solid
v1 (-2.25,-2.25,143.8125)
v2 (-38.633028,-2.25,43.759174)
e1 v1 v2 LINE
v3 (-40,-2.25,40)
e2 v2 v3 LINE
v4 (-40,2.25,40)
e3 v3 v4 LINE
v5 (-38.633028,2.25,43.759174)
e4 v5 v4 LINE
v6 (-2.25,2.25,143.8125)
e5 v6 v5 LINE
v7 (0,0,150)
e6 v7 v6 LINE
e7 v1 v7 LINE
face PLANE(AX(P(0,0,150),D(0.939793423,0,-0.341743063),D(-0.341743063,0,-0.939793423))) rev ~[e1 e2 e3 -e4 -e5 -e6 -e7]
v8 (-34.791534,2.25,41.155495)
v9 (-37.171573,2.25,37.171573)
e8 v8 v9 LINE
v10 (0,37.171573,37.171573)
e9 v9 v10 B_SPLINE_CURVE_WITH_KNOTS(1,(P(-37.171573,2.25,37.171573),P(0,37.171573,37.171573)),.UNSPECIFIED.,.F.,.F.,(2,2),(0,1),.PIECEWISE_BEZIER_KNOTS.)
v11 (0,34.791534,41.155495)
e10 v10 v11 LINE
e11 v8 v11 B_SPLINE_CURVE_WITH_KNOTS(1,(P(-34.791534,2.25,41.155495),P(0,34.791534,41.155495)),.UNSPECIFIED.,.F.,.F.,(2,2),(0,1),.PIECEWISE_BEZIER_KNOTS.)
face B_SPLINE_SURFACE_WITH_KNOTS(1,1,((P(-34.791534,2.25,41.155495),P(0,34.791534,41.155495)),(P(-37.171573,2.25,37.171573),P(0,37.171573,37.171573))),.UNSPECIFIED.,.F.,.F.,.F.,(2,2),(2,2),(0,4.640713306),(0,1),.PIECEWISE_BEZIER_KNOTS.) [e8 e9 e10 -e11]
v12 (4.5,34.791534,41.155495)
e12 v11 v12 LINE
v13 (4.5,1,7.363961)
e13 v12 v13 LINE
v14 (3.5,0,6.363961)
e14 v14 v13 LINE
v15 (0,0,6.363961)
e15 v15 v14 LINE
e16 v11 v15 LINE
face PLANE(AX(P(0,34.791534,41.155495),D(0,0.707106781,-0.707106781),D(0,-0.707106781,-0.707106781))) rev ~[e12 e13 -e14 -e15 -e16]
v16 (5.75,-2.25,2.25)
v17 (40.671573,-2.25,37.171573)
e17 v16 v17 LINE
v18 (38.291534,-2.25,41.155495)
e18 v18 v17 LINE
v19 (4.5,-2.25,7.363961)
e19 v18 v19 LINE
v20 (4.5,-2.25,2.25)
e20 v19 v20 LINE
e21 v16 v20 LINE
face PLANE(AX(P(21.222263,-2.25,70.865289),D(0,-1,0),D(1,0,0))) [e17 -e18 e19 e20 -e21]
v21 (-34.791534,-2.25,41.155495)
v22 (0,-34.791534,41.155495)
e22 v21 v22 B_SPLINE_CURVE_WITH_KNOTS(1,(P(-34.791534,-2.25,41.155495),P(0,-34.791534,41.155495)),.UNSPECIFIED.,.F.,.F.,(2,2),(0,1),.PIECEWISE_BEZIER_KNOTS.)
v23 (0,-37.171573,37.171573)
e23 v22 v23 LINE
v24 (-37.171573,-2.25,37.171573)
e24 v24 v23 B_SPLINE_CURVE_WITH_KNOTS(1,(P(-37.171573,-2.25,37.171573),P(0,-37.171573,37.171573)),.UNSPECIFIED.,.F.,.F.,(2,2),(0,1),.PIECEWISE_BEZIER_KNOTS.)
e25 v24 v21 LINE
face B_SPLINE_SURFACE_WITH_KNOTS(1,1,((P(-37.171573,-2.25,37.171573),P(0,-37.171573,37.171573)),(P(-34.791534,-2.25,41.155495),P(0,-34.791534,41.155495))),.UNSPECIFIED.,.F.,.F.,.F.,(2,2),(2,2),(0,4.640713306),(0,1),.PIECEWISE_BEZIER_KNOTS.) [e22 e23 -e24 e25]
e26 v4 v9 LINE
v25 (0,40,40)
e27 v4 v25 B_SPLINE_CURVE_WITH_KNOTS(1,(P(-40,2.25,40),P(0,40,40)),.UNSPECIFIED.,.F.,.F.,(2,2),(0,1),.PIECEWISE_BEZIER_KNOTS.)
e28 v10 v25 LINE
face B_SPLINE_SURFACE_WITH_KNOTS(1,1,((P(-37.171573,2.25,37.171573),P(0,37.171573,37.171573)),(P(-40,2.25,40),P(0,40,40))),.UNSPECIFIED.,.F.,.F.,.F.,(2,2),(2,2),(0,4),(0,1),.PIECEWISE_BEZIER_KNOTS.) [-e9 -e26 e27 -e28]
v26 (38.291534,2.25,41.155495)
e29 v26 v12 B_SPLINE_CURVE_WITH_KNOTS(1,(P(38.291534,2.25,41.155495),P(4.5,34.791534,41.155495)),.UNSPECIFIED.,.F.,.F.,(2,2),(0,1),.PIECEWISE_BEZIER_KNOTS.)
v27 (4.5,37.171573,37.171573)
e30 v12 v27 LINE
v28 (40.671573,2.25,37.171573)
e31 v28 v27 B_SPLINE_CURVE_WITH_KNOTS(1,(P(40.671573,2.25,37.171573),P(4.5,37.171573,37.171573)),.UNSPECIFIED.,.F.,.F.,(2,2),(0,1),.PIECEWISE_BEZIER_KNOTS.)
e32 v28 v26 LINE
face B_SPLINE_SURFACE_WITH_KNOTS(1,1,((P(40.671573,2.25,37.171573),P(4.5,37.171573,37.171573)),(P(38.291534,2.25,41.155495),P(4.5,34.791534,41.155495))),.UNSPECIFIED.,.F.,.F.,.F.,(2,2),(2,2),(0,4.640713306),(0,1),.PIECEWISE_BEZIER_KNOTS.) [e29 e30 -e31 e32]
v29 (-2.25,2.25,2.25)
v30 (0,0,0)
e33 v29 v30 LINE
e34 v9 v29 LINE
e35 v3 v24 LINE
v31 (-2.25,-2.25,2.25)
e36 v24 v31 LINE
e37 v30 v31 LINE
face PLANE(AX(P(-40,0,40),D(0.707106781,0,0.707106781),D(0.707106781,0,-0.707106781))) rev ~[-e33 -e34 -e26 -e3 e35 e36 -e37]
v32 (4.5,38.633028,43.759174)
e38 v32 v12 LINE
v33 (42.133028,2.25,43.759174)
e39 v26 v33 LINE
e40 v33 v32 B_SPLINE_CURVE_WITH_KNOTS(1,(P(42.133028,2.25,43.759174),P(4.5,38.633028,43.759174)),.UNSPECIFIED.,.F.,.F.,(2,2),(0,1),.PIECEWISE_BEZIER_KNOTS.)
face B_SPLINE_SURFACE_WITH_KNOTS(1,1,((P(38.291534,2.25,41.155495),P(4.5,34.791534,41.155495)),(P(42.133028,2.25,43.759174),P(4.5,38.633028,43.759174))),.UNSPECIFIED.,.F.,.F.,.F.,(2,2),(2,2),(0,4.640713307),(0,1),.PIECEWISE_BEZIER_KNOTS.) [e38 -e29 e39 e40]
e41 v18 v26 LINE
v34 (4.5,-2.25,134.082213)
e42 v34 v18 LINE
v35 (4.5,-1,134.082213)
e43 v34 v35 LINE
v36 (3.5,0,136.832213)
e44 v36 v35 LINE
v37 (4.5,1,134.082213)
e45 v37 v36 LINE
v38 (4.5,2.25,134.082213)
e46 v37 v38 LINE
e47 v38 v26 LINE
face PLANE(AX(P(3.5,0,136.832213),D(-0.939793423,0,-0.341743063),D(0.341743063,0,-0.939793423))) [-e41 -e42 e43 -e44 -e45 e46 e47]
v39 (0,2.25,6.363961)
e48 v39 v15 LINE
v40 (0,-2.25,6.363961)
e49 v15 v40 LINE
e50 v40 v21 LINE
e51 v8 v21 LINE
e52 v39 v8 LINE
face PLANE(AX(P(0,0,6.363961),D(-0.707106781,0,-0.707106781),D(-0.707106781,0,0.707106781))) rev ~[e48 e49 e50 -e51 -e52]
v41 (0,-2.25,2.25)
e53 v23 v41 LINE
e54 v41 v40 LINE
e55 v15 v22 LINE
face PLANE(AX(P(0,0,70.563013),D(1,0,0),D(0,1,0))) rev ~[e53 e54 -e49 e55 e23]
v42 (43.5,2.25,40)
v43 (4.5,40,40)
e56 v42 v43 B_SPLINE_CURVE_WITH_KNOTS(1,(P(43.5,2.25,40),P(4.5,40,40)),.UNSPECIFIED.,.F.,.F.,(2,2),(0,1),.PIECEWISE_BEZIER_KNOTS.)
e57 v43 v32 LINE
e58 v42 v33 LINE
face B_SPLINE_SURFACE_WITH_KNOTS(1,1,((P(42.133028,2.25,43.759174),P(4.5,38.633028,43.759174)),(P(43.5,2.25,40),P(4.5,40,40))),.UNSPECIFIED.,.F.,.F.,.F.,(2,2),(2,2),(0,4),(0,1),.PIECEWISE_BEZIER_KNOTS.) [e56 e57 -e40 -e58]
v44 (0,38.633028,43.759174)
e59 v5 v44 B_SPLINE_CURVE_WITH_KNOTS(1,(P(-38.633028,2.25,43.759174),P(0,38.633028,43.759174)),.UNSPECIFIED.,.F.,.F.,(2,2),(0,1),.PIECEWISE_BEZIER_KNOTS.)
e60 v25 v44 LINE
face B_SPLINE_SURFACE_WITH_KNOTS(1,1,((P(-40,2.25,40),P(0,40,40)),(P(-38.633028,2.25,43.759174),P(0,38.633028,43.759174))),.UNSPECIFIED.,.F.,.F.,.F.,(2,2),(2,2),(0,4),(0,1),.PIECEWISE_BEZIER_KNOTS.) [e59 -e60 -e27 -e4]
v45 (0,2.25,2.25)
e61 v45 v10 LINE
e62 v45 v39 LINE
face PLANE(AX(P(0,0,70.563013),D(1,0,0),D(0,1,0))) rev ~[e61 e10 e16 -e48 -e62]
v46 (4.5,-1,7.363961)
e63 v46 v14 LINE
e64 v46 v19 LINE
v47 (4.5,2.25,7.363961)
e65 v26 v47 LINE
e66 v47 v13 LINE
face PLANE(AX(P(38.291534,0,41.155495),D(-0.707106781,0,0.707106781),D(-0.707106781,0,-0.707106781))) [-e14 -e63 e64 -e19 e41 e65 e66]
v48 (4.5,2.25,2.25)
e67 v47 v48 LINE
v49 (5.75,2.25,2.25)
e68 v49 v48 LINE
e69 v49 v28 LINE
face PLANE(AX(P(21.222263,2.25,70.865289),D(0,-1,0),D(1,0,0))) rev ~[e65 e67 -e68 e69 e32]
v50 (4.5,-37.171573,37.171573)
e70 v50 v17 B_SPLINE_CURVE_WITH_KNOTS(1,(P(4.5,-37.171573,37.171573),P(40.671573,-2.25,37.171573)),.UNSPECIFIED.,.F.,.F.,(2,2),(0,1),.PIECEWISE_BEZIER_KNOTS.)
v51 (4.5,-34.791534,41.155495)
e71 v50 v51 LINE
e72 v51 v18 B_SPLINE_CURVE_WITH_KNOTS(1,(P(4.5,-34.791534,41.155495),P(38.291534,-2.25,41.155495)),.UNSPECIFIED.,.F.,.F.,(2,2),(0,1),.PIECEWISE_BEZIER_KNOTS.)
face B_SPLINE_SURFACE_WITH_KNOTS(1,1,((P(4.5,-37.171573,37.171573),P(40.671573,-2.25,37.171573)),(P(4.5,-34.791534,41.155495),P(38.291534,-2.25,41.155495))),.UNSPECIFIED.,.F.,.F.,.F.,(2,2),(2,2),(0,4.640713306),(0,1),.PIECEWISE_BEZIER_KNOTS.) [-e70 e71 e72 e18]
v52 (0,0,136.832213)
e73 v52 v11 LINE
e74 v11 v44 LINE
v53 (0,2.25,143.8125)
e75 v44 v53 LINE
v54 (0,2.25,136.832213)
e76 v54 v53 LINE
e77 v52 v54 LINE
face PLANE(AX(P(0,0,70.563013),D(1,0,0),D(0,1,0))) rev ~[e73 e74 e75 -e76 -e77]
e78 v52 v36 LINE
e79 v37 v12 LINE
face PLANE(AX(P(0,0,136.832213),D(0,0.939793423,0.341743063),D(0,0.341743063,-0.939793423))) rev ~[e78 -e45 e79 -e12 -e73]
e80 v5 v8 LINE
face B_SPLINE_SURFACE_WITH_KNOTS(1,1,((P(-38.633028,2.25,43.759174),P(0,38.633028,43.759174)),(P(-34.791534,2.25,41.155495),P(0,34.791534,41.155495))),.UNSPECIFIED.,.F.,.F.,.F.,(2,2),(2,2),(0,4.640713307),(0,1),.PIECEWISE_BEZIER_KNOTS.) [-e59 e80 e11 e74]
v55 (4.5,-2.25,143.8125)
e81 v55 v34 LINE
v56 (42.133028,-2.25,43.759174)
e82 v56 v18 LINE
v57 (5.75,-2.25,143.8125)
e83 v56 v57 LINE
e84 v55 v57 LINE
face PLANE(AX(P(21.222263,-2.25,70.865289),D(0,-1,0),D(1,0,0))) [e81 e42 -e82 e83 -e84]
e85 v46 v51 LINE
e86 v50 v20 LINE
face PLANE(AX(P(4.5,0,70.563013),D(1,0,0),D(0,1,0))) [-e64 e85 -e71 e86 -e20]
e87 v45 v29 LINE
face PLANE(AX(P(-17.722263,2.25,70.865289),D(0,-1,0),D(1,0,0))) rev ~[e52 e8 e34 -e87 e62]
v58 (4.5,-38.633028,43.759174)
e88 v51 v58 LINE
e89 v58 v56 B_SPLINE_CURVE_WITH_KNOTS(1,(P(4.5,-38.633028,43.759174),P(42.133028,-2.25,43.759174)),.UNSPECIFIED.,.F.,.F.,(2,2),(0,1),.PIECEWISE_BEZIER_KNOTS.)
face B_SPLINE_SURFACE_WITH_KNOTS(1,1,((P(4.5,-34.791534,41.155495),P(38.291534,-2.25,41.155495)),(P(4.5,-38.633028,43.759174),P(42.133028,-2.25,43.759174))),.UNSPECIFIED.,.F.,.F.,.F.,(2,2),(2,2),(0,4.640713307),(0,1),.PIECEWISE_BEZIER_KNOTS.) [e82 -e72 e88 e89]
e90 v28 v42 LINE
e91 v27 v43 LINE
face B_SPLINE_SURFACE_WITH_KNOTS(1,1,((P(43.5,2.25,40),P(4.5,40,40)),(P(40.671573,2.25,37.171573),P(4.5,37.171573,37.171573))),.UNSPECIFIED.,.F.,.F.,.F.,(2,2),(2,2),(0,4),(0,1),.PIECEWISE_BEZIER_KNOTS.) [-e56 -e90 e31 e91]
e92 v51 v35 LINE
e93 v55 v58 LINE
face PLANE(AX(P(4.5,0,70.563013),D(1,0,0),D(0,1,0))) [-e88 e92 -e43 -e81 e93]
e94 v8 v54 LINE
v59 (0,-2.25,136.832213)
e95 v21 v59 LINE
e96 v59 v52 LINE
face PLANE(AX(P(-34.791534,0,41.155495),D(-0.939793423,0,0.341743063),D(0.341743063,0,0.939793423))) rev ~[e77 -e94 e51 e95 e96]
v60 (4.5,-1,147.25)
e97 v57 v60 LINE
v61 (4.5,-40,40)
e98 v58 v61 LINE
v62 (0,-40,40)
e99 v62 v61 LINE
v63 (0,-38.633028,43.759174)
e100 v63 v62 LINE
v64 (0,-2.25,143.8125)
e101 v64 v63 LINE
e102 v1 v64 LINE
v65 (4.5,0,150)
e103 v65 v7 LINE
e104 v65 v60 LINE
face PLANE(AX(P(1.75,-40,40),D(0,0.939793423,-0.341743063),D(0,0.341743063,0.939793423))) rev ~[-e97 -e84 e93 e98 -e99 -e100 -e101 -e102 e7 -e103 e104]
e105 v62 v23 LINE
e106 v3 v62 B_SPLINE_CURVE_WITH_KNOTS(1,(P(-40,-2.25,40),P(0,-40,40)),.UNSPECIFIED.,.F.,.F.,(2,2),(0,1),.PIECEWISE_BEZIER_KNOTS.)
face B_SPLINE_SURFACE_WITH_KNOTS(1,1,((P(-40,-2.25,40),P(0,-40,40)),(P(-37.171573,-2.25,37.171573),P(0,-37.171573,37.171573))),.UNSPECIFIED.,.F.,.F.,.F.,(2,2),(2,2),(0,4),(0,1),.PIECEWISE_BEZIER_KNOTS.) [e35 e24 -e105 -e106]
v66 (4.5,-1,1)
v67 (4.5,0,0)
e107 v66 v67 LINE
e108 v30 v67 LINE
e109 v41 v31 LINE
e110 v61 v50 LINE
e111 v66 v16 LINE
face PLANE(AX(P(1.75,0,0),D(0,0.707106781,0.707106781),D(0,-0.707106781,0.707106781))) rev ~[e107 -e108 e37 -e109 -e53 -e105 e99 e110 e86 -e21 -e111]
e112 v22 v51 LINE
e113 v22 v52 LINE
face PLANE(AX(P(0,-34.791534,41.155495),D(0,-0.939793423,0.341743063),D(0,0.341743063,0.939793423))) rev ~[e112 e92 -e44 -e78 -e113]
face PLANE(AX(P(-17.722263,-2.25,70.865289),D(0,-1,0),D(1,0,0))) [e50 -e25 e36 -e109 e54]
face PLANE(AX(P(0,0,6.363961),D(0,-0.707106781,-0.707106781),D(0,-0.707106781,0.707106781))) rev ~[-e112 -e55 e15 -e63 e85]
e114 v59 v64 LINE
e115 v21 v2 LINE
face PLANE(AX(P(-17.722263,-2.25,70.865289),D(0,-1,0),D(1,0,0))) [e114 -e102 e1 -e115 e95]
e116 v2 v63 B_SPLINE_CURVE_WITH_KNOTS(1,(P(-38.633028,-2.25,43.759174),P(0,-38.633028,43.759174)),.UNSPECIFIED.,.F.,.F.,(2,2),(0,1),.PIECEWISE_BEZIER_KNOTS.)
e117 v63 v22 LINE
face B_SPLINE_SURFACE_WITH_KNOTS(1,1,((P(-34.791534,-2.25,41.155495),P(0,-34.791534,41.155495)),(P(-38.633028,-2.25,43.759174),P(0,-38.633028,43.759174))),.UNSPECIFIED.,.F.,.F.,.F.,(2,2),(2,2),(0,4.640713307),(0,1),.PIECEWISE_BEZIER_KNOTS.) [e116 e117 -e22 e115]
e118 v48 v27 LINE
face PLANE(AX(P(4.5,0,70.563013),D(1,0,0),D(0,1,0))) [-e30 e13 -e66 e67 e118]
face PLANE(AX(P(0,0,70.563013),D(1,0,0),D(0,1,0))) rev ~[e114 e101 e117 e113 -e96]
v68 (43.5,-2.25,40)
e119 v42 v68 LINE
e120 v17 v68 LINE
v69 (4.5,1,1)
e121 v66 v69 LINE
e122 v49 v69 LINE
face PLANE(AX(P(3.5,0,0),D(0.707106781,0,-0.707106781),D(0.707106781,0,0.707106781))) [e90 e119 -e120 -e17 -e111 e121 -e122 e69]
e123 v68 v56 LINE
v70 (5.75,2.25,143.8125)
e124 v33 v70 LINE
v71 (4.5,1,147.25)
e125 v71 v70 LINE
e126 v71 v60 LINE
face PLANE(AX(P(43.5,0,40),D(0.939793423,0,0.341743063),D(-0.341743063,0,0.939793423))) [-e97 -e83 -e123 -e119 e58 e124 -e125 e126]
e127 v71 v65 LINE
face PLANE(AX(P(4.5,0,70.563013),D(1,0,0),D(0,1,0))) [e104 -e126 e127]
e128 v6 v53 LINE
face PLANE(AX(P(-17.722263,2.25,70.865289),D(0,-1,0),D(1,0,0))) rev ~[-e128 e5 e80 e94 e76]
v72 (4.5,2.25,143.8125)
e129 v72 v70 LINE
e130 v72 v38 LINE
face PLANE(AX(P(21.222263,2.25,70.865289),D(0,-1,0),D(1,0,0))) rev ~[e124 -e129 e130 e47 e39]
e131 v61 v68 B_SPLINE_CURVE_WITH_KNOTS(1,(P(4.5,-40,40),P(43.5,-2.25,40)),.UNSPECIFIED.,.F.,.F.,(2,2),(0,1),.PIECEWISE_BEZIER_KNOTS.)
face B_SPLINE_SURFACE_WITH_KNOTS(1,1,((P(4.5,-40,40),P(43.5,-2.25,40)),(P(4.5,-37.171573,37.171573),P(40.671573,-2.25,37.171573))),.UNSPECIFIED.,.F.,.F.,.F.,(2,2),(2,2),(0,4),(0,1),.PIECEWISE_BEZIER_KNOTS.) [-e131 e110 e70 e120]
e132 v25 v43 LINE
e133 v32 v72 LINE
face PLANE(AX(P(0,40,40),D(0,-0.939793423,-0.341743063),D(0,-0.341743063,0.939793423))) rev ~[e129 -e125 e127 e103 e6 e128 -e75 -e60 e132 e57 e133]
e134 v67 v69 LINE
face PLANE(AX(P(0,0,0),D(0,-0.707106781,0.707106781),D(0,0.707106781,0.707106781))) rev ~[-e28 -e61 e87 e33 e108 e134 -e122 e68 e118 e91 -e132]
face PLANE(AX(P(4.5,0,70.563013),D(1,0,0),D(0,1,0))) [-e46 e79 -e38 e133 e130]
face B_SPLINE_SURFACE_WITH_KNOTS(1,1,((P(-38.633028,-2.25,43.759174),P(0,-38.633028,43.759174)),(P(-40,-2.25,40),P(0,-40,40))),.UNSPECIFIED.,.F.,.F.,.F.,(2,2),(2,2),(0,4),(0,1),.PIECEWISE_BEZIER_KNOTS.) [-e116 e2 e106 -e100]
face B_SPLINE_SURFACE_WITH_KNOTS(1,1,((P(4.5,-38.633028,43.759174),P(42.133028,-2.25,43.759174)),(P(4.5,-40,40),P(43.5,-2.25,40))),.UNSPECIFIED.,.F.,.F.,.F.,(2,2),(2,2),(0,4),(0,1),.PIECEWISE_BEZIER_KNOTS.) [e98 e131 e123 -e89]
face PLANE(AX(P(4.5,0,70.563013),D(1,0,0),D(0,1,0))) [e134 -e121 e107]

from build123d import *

# Parameters (mm, degrees)
F1_DEPTH = 4.5
F5_DEPTH = 2.25
F7_DEPTH = 12.5


with BuildPart() as f1:
    # F0 (on Right) → F1 (new body)
    with BuildSketch(Plane.YZ):
        Polygon((-40, 40), (0, 0), (40, 40), (0, 150), align=None)
        Polygon((-34.7915337519, 41.1554947826), (0, 136.8322126004), (34.7915337519, 41.1554947826), (0, 6.3639610307), align=None, mode=Mode.SUBTRACT)
    extrude(amount=F1_DEPTH)

    # F4 (on Front) → F5 (join, symmetric)
    with BuildSketch(Plane.XZ):
        Polygon((-40, 40), (0, 0), (0, 6.3639610307), (-34.7915337519, 41.1554947826), (0, 136.8322126004), (0, 150), align=None)
        Polygon((38.2915337519, 41.1554947826), (3.5, 6.3639610307), (3.5, 0), (43.5, 40), (3.5, 150), (3.5, 136.8322126004), align=None)
    extrude(amount=F5_DEPTH, both=True)

    # F6 (on offset) → F7 (cut, symmetric)
    with BuildSketch(Plane.YZ.offset(1.75)):
        Polygon((-46.8705444882, 150), (-40, 40), (0, 150), align=None)
        Polygon((46.8705444882, 150), (0, 150), (40, 40), align=None)
        Polygon((0, 0), (-40, 40), (-40, 0), align=None)
        Polygon((40, 40), (0, 0), (40, 0), align=None)
    extrude(amount=F7_DEPTH, both=True, mode=Mode.SUBTRACT)

    # F8 (on face) → F10 section 0
    with BuildSketch(Plane.YZ.offset(4.5)):
        Polygon((-38.6330277477, 43.759173694), (-40, 40), (-37.1715728753, 37.1715728753), (-34.7915337519, 41.1554947826), align=None)
    # F9 (on face) → F10 section 1
    with BuildSketch(Plane.XZ.offset(2.25)):
        Polygon((40.6715728753, 37.1715728753), (43.5, 40), (42.1330277477, 43.759173694), (38.2915337519, 41.1554947826), align=None)
    loft()

    # F11 (on face) → F13 section 0
    with BuildSketch(Plane(origin=(0, 2.25, 0), x_dir=(-1, 0, 0), z_dir=(0, 1, 0))):
        Polygon((-42.1330277477, 43.759173694), (-43.5, 40), (-40.6715728753, 37.1715728753), (-38.2915337519, 41.1554947826), align=None)
    # F12 (on face) → F13 section 1
    with BuildSketch(Plane.YZ.offset(4.5)):
        Polygon((37.1715728753, 37.1715728753), (40, 40), (38.6330277477, 43.759173694), (34.7915337519, 41.1554947826), align=None)
    loft()

    # F15 (on face) → F16 section 0
    with BuildSketch(Plane(origin=(0, 2.25, 0), x_dir=(-1, 0, 0), z_dir=(0, 1, 0))):
        Polygon((37.1715728753, 37.1715728753), (40, 40), (38.6330277477, 43.759173694), (34.7915337519, 41.1554947826), align=None)
    # F14 (on face) → F16 section 1
    with BuildSketch(Plane(origin=(0, 0, 0), x_dir=(0, -1, 0), z_dir=(-1, 0, 0))):
        Polygon((-38.6330277477, 43.759173694), (-40, 40), (-37.1715728753, 37.1715728753), (-34.7915337519, 41.1554947826), align=None)
    loft()

    # F17 (on face) → F19 section 0
    with BuildSketch(Plane.XZ.offset(2.25)):
        Polygon((-38.6330277477, 43.759173694), (-40, 40), (-37.1715728753, 37.1715728753), (-34.7915337519, 41.1554947826), align=None)
    # F18 (on face) → F19 section 1
    with BuildSketch(Plane(origin=(0, 0, 0), x_dir=(0, -1, 0), z_dir=(-1, 0, 0))):
        Polygon((37.1715728753, 37.1715728753), (40, 40), (38.6330277477, 43.759173694), (34.7915337519, 41.1554947826), align=None)
    loft()


solid = f1.part
